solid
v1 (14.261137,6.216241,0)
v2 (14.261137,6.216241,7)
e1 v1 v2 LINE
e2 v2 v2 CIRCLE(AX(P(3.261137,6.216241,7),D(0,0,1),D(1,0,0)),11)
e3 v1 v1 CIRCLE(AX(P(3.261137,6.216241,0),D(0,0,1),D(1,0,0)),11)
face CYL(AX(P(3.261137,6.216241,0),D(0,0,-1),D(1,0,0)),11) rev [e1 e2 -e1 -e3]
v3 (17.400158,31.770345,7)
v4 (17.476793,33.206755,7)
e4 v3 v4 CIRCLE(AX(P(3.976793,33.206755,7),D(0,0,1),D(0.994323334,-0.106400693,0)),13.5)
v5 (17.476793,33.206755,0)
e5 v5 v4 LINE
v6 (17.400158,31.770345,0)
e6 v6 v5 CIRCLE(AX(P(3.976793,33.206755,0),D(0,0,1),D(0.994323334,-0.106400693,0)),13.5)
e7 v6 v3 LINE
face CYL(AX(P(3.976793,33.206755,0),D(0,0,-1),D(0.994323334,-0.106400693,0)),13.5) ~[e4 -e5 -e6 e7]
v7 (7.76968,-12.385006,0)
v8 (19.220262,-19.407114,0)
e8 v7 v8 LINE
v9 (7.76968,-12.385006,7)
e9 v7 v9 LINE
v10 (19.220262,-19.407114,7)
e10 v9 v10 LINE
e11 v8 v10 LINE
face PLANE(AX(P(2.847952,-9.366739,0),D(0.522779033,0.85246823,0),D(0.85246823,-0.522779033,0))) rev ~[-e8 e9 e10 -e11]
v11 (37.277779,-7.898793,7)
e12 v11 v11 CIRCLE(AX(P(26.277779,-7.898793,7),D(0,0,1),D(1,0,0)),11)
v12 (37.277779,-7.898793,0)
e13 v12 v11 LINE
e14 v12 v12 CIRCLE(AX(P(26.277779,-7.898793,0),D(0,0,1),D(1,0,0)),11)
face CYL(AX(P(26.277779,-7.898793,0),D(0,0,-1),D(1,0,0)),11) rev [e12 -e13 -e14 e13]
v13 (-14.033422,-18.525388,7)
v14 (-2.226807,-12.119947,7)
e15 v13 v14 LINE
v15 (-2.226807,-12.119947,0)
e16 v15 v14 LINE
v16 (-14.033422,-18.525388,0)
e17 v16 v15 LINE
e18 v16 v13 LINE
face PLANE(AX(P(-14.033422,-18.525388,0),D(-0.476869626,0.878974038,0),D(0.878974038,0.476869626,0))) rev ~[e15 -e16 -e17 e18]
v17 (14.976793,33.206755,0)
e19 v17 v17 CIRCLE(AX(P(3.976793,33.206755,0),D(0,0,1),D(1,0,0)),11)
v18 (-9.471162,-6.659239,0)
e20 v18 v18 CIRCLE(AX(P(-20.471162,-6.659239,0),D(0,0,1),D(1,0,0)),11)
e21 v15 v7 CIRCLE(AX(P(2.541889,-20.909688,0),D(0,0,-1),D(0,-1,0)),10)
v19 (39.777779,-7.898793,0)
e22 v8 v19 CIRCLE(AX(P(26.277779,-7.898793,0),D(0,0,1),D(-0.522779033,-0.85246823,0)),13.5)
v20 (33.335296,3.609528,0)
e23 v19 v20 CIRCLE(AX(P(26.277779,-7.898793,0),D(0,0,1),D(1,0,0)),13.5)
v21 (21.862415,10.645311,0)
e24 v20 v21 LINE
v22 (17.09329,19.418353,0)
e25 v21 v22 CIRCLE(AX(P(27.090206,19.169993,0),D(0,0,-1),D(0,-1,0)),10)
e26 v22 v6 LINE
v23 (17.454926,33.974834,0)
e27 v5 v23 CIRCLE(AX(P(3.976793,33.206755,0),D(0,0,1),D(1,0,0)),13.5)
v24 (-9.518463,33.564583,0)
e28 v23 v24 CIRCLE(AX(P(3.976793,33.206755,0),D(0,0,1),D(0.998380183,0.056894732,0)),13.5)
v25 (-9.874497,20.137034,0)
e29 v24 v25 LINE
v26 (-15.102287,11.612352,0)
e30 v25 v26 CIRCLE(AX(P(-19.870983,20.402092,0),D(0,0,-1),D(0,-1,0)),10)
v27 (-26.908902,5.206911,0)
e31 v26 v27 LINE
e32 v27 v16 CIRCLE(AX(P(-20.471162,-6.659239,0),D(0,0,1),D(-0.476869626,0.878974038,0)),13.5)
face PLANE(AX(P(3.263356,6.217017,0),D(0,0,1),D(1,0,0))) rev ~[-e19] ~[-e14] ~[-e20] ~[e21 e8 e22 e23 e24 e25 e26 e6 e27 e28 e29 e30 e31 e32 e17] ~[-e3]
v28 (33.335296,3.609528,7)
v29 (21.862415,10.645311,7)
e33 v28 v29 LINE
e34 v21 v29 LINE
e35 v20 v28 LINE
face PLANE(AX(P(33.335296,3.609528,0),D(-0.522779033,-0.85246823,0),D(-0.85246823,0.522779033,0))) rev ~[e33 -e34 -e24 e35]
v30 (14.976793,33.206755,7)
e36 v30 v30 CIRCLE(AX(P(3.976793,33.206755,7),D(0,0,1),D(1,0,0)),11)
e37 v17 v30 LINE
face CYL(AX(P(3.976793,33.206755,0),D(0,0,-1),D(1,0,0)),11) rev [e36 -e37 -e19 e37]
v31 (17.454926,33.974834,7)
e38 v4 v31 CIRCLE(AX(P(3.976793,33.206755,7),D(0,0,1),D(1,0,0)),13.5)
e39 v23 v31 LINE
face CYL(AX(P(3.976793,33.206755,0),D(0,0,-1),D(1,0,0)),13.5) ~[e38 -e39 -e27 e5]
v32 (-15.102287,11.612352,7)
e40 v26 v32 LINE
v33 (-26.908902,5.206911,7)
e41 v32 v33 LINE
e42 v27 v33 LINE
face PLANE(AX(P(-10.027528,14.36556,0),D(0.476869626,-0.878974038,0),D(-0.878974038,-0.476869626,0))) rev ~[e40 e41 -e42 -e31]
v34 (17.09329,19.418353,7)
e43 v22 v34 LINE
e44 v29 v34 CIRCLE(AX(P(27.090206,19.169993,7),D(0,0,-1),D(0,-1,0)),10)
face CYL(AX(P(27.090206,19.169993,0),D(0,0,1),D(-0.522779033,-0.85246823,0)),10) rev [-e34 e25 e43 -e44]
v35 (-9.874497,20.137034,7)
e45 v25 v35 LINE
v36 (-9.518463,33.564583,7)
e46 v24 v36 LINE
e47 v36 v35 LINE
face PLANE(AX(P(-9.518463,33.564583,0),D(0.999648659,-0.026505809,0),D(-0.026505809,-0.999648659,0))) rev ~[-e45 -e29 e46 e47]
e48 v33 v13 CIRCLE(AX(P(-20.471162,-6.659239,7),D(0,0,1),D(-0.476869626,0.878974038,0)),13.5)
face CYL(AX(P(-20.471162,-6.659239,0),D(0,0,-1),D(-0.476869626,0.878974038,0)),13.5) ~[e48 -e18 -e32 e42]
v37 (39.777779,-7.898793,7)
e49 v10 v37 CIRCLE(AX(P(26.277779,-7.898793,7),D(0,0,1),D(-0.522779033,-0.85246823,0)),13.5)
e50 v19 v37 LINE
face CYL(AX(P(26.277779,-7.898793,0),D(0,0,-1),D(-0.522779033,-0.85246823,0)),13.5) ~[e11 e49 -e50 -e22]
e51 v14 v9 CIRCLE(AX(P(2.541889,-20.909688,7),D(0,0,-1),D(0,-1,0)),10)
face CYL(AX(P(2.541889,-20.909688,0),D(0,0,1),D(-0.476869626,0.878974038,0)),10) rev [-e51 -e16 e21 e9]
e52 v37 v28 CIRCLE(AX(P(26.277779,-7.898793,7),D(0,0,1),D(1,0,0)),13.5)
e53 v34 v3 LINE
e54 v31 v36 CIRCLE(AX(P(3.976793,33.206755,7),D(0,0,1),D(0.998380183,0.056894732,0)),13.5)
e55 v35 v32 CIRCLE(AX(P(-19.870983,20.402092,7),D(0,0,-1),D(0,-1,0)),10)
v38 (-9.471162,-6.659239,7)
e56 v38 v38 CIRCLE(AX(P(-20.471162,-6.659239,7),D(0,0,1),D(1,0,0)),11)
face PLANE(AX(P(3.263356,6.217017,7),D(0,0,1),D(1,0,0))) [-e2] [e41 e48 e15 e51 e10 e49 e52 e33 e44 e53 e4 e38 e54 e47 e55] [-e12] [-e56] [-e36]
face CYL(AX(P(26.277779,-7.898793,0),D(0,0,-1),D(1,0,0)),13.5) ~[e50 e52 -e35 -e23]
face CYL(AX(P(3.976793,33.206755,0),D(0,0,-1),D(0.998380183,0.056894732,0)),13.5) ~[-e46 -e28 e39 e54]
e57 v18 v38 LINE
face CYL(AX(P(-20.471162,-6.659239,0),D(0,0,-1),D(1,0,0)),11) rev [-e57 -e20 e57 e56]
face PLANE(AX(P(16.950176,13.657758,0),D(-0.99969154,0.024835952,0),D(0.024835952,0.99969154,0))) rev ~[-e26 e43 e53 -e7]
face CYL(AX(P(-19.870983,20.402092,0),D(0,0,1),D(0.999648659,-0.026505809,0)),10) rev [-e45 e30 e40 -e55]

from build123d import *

# Parameters (mm, degrees)
F0_R     = 11
F1_DEPTH = 7
F2_R     = 10


with BuildPart() as f1:
    # F0 (on Top) → F1 (new body)
    with BuildSketch(Plane.XY):
        with BuildLine():
            ThreePointArc((-10.234120287, 6.5740694147), (-9.8668934034, 3.0690473486), (-8.6050130448, -0.2214986893))
            ThreePointArc((-8.6050130448, -0.2214986893), (-6.5344740582, -3.0733236617), (-3.7963803359, -5.2920801007))
            ThreePointArc((-3.7963803359, -5.2920801007), (2.9033081969, -7.2790159034), (9.6988765651, -5.6499085178))
            ThreePointArc((9.6988765651, -5.6499085178), (12.5507016971, -3.5793692726), (14.7694581659, -0.8412752126))
            ThreePointArc((14.7694581659, -0.8412752126), (16.2071424856, 2.3885874121), (16.7569724061, 5.8809556395))
            ThreePointArc((16.7569724061, 5.8809556395), (16.7600955219, 6.0485853893), (16.761136614, 6.2162409976))
            ThreePointArc((16.761136614, 6.2162409976), (15.0409175717, 12.8106902231), (10.3186535639, 17.7245620959))
            ThreePointArc((10.3186535639, 17.7245620959), (7.0996017326, 19.1590453897), (3.6189648321, 19.7114979038))
            ThreePointArc((3.6189648321, 19.7114979038), (0.1139427221, 19.3442709567), (-3.1766033371, 18.082390513))
            ThreePointArc((-3.1766033371, 18.082390513), (-8.2471844843, 13.2737579475), (-10.234120287, 6.5740694147))
        make_face()
        with Locations((3.261136614, 6.2162409976)):
            Circle(F0_R, mode=Mode.SUBTRACT)
        with BuildLine():
            ThreePointArc((-8.6050130448, -0.2214986893), (-16.6326973469, 6.283565502), (-26.9089023679, 5.2069106108))
            ThreePointArc((-26.9089023679, 5.2069106108), (-32.3373119323, -13.0969788557), (-14.0334224658, -18.52538842))
            ThreePointArc((-14.0334224658, -18.52538842), (-8.8703113847, -13.5636038522), (-6.9711624169, -6.6592389046))
            ThreePointArc((-6.9711624169, -6.6592389046), (-7.3859987472, -3.3383216008), (-8.6050130448, -0.2214986893))
        make_face()
        with Locations((-20.4711624169, -6.6592389046)):
            Circle(F0_R, mode=Mode.SUBTRACT)
        with BuildLine():
            ThreePointArc((14.7694581659, -0.8412752126), (13.1497487271, -11.0459862754), (19.2202618607, -19.4071140005))
            ThreePointArc((19.2202618607, -19.4071140005), (32.8722280361, -19.67857386), (39.7777788106, -7.8987929022))
            ThreePointArc((39.7777788106, -7.8987929022), (38.0575597683, -1.3043436767), (33.3352957605, 3.6095281961))
            ThreePointArc((33.3352957605, 3.6095281961), (23.1305854375, 5.2292371812), (14.7694581659, -0.8412752126))
        make_face()
        with Locations((26.2777788106, -7.8987929022)):
            Circle(F0_R, mode=Mode.SUBTRACT)
        with BuildLine():
            Line((-10.0275279541, 14.3655596193), (-26.9089023679, 5.2069106108))
            ThreePointArc((-26.9089023679, 5.2069106108), (-16.6326973469, 6.283565502), (-8.6050130448, -0.2214986893))
            ThreePointArc((-8.6050130448, -0.2214986893), (-9.8668934034, 3.0690473486), (-10.234120287, 6.5740694147))
            Line((-10.234120287, 6.5740694147), (-10.0275279541, 14.3655596193))
        make_face()
        with BuildLine():
            ThreePointArc((-6.9711624169, -6.6592389046), (-8.8703113847, -13.5636038522), (-14.0334224658, -18.52538842))
            Line((-14.0334224658, -18.52538842), (2.8479519481, -9.3667394116))
            Line((2.8479519481, -9.3667394116), (-3.7963803359, -5.2920801007))
            ThreePointArc((-3.7963803359, -5.2920801007), (-6.5344740582, -3.0733236617), (-8.6050130448, -0.2214986893))
            ThreePointArc((-8.6050130448, -0.2214986893), (-7.3859987472, -3.3383216008), (-6.9711624169, -6.6592389046))
        make_face()
        with BuildLine():
            ThreePointArc((17.4549259161, 33.9748336869), (3.7714895913, 46.7051936103), (-9.5184634528, 33.5645832167))
            ThreePointArc((-9.5184634528, 33.5645832167), (-5.8188171891, 23.9171901035), (3.6189648321, 19.7114979038))
            ThreePointArc((3.6189648321, 19.7114979038), (12.8667322178, 23.0470801654), (17.4001584574, 31.7703454469))
            Line((17.4001584574, 31.7703454469), (17.4549259161, 33.9748336869))
        make_face()
        with Locations((3.9767934482, 33.2067547996)):
            Circle(F0_R, mode=Mode.SUBTRACT)
        with BuildLine():
            Line((-9.5184634528, 33.5645832167), (-10.0275279541, 14.3655596193))
            Line((-10.0275279541, 14.3655596193), (-3.1766033371, 18.082390513))
            ThreePointArc((-3.1766033371, 18.082390513), (0.1139427221, 19.3442709567), (3.6189648321, 19.7114979038))
            ThreePointArc((3.6189648321, 19.7114979038), (-5.8188171891, 23.9171901035), (-9.5184634528, 33.5645832167))
        make_face()
        with BuildLine():
            ThreePointArc((17.4001584574, 31.7703454469), (12.8667322178, 23.0470801654), (3.6189648321, 19.7114979038))
            ThreePointArc((3.6189648321, 19.7114979038), (7.0996017326, 19.1590453897), (10.3186535639, 17.7245620959))
            Line((10.3186535639, 17.7245620959), (16.9501763024, 13.6577582823))
            Line((16.9501763024, 13.6577582823), (17.4001584574, 31.7703454469))
        make_face()
        with BuildLine():
            ThreePointArc((16.7569724061, 5.8809556395), (16.2071424856, 2.3885874121), (14.7694581659, -0.8412752126))
            ThreePointArc((14.7694581659, -0.8412752126), (23.1305854375, 5.2292371812), (33.3352957605, 3.6095281961))
            Line((33.3352957605, 3.6095281961), (16.9501763024, 13.6577582823))
            Line((16.9501763024, 13.6577582823), (16.7569724061, 5.8809556395))
        make_face()
        with BuildLine():
            Line((9.6988765651, -5.6499085178), (2.8479519481, -9.3667394116))
            Line((2.8479519481, -9.3667394116), (19.2202618607, -19.4071140005))
            ThreePointArc((19.2202618607, -19.4071140005), (13.1497487271, -11.0459862754), (14.7694581659, -0.8412752126))
            ThreePointArc((14.7694581659, -0.8412752126), (12.5507016971, -3.5793692726), (9.6988765651, -5.6499085178))
        make_face()
        with BuildLine():
            Line((-3.1766033371, 18.082390513), (-10.0275279541, 14.3655596193))
            Line((-10.0275279541, 14.3655596193), (-10.234120287, 6.5740694147))
            ThreePointArc((-10.234120287, 6.5740694147), (-8.2471844843, 13.2737579475), (-3.1766033371, 18.082390513))
        make_face()
        with BuildLine():
            Line((-3.7963803359, -5.2920801007), (2.8479519481, -9.3667394116))
            Line((2.8479519481, -9.3667394116), (9.6988765651, -5.6499085178))
            ThreePointArc((9.6988765651, -5.6499085178), (2.9033081969, -7.2790159034), (-3.7963803359, -5.2920801007))
        make_face()
        with BuildLine():
            Line((16.9501763024, 13.6577582823), (10.3186535639, 17.7245620959))
            ThreePointArc((10.3186535639, 17.7245620959), (15.0409175717, 12.8106902231), (16.761136614, 6.2162409976))
            ThreePointArc((16.761136614, 6.2162409976), (16.7600955219, 6.0485853893), (16.7569724061, 5.8809556395))
            Line((16.7569724061, 5.8809556395), (16.9501763024, 13.6577582823))
        make_face()
        with BuildLine():
            ThreePointArc((17.4767934482, 33.2067547996), (17.4713254578, 33.5909498562), (17.4549259161, 33.9748336869))
            Line((17.4549259161, 33.9748336869), (17.4001584574, 31.7703454469))
            ThreePointArc((17.4001584574, 31.7703454469), (17.4576210864, 32.4875286963), (17.4767934482, 33.2067547996))
        make_face()
    extrude(amount=F1_DEPTH)

    # F2
    f2_edges = [f1.edges().sort_by_distance(p)[0] for p in [
        (-10.027528, 14.36556, 3.5),
        (16.950176, 13.657758, 3.5),
        (2.847952, -9.366739, 3.5),
    ]]
    fillet(f2_edges, radius=F2_R)


solid = f1.part
